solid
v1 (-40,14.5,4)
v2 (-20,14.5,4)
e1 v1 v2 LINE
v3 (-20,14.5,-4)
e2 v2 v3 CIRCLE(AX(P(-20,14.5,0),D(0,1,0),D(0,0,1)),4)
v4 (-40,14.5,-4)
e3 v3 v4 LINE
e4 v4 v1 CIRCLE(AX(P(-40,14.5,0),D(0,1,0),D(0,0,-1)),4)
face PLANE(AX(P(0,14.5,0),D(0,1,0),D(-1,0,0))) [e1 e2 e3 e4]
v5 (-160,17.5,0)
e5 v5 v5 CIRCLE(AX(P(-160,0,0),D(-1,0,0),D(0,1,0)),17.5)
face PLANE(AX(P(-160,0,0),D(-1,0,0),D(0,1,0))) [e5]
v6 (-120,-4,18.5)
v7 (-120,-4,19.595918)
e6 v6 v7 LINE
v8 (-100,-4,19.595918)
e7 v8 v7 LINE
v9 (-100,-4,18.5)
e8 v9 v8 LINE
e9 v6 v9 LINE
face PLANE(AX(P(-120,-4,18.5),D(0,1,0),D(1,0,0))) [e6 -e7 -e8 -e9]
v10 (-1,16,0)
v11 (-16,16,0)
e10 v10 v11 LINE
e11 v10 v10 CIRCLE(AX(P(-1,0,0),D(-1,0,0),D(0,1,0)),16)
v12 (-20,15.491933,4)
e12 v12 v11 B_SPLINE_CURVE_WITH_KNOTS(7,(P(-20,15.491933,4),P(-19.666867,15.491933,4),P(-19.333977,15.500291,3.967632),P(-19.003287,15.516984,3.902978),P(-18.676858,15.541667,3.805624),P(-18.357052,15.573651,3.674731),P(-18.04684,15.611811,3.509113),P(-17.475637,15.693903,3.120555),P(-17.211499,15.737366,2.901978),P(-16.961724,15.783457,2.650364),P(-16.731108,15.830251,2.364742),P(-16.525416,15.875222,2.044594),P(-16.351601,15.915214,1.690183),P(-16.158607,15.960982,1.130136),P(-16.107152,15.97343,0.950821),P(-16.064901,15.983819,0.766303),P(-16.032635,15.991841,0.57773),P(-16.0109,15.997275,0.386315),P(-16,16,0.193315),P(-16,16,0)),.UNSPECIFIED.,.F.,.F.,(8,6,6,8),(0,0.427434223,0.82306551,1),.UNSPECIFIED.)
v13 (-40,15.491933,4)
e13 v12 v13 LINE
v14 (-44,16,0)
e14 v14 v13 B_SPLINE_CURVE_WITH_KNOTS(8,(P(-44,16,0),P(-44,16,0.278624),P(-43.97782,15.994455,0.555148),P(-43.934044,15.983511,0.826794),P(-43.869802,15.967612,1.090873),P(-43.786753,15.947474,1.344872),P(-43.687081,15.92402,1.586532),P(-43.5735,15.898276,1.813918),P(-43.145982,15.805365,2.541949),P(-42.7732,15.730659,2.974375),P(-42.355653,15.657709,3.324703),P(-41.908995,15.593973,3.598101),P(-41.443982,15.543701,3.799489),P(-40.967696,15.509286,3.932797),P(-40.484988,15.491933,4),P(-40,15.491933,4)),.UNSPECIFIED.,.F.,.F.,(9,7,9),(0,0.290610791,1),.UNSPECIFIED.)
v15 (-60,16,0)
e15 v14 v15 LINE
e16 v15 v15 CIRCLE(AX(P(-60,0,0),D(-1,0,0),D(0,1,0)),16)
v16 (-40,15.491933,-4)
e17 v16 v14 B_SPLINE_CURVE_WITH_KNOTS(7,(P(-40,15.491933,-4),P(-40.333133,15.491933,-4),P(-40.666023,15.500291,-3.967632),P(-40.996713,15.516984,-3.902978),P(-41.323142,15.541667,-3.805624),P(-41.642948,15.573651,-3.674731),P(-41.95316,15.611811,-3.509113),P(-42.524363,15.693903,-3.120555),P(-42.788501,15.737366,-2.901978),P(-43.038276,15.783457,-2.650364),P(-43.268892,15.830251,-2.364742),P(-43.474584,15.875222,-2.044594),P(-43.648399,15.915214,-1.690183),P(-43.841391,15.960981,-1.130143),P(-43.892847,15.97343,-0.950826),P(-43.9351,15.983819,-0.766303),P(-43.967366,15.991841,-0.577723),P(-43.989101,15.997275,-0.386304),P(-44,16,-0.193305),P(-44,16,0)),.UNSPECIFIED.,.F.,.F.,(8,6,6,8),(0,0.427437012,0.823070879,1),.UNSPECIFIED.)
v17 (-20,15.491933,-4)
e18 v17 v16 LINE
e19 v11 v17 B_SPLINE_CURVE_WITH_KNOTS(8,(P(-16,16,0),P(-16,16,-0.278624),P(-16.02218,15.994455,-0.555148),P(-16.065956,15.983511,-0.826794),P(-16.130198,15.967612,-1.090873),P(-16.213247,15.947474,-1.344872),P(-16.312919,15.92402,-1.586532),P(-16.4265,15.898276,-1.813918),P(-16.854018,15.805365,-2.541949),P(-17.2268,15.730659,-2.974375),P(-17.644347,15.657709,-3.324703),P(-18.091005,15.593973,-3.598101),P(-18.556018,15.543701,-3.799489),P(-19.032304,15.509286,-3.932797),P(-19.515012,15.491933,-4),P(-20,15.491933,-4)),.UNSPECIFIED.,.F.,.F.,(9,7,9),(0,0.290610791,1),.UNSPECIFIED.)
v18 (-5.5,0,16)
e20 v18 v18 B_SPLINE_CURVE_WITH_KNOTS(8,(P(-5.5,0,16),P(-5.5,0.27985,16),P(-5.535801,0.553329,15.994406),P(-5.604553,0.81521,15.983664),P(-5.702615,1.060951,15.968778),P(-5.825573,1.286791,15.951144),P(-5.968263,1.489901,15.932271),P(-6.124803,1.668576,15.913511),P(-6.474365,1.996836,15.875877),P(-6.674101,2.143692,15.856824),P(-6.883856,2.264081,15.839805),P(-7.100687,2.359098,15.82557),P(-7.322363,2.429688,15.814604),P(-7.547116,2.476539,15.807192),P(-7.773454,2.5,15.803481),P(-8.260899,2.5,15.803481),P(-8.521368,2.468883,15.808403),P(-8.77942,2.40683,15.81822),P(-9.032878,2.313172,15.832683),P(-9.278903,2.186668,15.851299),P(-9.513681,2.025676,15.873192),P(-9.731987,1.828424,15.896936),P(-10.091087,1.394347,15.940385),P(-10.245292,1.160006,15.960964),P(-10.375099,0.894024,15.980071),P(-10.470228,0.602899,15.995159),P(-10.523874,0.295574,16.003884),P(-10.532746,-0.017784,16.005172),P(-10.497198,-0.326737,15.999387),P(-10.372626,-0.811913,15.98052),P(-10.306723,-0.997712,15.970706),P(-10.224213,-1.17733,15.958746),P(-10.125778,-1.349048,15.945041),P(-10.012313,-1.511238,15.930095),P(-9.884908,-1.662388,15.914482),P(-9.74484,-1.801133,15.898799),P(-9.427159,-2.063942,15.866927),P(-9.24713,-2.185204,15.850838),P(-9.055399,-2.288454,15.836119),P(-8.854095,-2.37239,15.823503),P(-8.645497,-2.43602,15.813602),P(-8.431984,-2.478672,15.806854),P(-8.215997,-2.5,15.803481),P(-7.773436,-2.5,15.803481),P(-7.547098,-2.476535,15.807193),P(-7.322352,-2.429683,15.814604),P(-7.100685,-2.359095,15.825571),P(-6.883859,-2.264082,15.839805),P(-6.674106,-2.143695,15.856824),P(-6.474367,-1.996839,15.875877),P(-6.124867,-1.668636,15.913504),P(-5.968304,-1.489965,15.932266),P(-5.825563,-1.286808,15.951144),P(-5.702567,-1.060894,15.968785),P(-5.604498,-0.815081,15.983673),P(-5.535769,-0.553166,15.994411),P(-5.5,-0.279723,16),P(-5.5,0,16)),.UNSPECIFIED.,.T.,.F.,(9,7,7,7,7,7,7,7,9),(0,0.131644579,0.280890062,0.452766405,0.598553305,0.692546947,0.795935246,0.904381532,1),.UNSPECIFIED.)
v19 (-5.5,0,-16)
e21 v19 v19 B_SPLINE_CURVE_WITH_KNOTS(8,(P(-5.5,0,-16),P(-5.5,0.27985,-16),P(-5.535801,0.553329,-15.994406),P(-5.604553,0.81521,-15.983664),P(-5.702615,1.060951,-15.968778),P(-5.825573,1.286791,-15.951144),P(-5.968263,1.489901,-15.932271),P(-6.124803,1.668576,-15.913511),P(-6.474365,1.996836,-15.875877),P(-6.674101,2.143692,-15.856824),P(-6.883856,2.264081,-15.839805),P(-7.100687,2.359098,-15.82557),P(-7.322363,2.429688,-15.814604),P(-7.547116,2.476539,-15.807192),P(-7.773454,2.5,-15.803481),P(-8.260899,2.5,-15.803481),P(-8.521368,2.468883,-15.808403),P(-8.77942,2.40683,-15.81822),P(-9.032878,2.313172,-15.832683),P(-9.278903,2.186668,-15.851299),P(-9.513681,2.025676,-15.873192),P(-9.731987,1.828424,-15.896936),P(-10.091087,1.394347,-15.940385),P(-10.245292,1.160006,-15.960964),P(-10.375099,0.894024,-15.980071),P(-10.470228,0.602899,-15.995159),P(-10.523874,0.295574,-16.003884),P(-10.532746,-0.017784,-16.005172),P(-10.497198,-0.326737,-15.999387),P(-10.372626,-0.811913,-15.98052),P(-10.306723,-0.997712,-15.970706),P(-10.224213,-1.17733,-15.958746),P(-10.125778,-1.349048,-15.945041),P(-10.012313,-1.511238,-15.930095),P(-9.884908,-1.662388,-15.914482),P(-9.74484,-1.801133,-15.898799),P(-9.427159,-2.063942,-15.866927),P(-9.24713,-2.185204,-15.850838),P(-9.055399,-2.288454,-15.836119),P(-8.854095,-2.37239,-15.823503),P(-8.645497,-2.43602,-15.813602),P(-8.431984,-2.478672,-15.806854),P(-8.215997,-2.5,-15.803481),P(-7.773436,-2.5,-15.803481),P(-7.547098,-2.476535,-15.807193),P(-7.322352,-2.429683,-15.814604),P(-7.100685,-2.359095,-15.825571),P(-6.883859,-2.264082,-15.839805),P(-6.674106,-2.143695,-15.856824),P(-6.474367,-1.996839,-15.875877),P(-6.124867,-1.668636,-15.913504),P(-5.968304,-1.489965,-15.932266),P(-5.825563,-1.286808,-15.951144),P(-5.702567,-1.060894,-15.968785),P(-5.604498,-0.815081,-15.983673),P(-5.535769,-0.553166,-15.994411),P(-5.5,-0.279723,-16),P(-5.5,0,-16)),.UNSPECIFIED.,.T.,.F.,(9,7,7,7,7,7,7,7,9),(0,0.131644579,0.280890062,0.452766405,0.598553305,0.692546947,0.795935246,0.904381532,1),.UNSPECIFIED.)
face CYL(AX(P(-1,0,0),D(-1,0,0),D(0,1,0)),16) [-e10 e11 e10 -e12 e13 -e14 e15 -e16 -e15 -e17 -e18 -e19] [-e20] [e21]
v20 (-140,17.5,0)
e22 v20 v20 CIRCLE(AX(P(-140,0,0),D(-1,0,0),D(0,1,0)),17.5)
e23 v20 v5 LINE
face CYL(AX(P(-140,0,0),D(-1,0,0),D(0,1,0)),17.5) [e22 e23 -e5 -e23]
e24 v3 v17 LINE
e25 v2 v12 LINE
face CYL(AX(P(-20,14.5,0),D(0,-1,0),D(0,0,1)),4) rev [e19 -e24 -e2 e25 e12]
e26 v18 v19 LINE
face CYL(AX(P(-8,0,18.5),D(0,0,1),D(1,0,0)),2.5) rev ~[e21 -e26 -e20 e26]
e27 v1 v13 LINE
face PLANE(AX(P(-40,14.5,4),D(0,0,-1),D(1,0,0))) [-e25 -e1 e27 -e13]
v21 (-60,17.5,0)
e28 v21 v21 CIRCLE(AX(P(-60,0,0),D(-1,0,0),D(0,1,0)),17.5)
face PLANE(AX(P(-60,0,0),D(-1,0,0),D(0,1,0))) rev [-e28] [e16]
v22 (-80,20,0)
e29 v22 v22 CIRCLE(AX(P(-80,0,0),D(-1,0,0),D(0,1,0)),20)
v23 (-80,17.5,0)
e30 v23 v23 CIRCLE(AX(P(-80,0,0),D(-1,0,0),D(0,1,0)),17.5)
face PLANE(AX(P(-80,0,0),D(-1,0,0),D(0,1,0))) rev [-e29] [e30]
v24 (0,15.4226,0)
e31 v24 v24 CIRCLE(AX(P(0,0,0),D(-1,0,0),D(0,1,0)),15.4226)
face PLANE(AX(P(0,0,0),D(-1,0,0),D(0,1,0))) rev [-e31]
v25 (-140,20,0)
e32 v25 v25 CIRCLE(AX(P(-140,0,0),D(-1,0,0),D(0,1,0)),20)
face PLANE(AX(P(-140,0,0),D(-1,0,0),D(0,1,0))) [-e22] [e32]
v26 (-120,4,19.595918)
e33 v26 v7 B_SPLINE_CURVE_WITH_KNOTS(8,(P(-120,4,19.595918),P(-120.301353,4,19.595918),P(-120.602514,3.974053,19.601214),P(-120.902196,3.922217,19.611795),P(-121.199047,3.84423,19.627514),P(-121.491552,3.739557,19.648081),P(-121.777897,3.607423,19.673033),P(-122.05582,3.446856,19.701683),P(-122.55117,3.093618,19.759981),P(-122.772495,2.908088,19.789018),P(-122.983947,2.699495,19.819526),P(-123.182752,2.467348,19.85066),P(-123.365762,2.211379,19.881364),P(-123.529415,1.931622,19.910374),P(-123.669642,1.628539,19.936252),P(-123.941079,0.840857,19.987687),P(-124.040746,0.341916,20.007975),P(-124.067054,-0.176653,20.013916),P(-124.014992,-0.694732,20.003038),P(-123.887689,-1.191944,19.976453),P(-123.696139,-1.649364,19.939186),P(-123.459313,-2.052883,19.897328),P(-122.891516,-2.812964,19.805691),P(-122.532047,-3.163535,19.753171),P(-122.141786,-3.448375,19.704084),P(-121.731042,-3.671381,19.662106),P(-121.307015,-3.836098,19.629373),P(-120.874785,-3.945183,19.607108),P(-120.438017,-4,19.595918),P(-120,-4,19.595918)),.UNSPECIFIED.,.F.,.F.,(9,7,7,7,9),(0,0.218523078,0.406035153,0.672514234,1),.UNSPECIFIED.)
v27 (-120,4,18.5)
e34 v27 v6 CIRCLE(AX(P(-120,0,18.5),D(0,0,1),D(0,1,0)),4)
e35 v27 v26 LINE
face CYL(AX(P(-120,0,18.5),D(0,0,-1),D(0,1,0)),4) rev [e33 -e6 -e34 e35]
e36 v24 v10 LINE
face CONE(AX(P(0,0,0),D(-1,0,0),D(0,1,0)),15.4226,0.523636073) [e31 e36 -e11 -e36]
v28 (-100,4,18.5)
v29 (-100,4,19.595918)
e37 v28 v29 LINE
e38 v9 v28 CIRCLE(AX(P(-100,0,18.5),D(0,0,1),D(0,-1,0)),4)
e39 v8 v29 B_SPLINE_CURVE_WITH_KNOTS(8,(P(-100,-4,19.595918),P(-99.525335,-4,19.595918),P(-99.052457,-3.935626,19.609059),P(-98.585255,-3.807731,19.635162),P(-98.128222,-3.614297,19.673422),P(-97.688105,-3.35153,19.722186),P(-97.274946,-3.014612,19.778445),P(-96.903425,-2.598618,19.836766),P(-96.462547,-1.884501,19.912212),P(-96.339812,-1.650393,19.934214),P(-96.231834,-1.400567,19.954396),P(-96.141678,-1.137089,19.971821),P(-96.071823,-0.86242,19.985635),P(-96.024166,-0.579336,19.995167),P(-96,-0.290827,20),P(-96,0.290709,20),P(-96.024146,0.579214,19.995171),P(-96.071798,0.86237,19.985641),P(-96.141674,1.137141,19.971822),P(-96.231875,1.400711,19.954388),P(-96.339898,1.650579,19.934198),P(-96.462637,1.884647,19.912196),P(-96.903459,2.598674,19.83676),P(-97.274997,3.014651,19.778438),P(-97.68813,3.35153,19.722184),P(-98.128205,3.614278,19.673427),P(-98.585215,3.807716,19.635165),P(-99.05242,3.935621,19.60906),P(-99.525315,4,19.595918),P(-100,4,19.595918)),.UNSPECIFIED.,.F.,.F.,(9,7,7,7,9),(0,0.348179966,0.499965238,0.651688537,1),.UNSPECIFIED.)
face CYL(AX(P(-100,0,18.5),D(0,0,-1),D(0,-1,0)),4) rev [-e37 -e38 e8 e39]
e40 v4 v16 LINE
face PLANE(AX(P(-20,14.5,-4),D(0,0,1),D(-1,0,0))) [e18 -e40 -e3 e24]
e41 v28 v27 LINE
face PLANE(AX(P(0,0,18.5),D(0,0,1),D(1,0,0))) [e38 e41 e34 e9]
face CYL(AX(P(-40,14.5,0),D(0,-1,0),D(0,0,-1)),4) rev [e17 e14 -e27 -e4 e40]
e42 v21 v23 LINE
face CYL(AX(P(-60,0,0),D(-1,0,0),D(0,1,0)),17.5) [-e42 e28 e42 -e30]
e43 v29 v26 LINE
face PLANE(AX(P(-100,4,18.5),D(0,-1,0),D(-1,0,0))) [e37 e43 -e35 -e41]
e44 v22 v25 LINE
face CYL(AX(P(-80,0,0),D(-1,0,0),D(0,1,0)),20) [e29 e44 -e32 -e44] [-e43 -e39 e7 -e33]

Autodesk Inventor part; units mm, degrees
ref_plane "YZ Plane" through (0, 0, 0) normal (1, 0, 0) x (0, 1, 0)
sketch "Эскиз1" plane through (0, 0, 0) normal (0, 0, 1) x (1, 0, 0)
  line L0 (0, 0) -> (-160, 0)
  line L1 (0, 0) -> (0, 15.4226)
  line L2 (0, 15.4226) -> (-1, 16)
  line L3 (-1, 16) -> (-60, 16)
  line L4 (-60, 16) -> (-60, 17.5)
  line L5 (-60, 17.5) -> (-80, 17.5)
  line L6 (-80, 17.5) -> (-80, 20)
  line L7 (-80, 20) -> (-140, 20)
  line L8 (-140, 20) -> (-140, 17.5)
  line L9 (-140, 17.5) -> (-160, 17.5)
  line L10 (-160, 17.5) -> (-160, 0)
  dimension "d0" = 160
  dimension "d1" = 32
  dimension "d2" = 30
  dimension "d3" = 1
  dimension "d4" = 60
  dimension "d5" = 35
  dimension "d6" = 20
  dimension "d7" = 40
revolve "Вращение1" add sketch "Эскиз1" angle 360 about axis through (0, 0, 0) along (-1, 0, 0)
ref_plane "РабПлоскость1" through (0, 14.5, 0) normal (0, 1, 0) x (-1, 0, 0)
ref_plane "РабПлоскость2" through (0, 0, 18.5) normal (0, 0, 1) x (1, 0, 0)
sketch "Эскиз3" plane through (0, 14.5, 0) normal (0, 1, 0) x (-1, 0, 0)
  line L0 (0, 15.4226) -> (0, -15.4226) projected
  line L1 (80, 20) -> (80, -20) projected
  line L2 (140, 20) -> (140, -20) projected
  line L3 (44, 0) -> (16, 0) construction
  line L4 (40, 4) -> (20, 4)
  line L5 (20, -4) -> (40, -4)
  arc A0 (40, -4) -> (40, 4) centre (40, 0) ccw
  arc A1 (20, 4) -> (20, -4) centre (20, 0) ccw
  point P0 (0, 0)
  point P1 (30, 0)
  point P2 (80, 0)
  dimension "d11" = 20
  dimension "d12" = 8
  dimension "d13" = 50
extrude "Выдавливание1" cut sketch "Эскиз3" along normal through all
sketch "Эскиз4" plane through (0, 0, 18.5) normal (0, 0, 1) x (1, 0, 0)
  line L0 (-124, 0) -> (-96, 0) construction
  line L1 (-120, -4) -> (-100, -4)
  line L2 (-100, 4) -> (-120, 4)
  arc A0 (-120, 4) -> (-120, -4) centre (-120, 0) ccw
  arc A1 (-100, -4) -> (-100, 4) centre (-100, 0) ccw
  line L3 (-80, -17.5) -> (-80, 17.5) projected
  point P0 (0, 0)
  point P1 (-110, 0)
  point P2 (-80, 0)
  dimension "d16" = 20
  dimension "d17" = 8
  dimension "d18" = 30
extrude "Выдавливание2" cut sketch "Эскиз4" along normal through all
sketch "Эскиз6" plane through (0, 0, 18.5) normal (0, 0, 1) x (1, 0, 0)
  circle A0 centre (-8, 0) radius 2.5
  point P0 (0, 0)
  dimension "d21" = 5
  dimension "d22" = 8
extrude "Выдавливание3" cut sketch "Эскиз6" against normal through all
properties part number "Shaft2"
